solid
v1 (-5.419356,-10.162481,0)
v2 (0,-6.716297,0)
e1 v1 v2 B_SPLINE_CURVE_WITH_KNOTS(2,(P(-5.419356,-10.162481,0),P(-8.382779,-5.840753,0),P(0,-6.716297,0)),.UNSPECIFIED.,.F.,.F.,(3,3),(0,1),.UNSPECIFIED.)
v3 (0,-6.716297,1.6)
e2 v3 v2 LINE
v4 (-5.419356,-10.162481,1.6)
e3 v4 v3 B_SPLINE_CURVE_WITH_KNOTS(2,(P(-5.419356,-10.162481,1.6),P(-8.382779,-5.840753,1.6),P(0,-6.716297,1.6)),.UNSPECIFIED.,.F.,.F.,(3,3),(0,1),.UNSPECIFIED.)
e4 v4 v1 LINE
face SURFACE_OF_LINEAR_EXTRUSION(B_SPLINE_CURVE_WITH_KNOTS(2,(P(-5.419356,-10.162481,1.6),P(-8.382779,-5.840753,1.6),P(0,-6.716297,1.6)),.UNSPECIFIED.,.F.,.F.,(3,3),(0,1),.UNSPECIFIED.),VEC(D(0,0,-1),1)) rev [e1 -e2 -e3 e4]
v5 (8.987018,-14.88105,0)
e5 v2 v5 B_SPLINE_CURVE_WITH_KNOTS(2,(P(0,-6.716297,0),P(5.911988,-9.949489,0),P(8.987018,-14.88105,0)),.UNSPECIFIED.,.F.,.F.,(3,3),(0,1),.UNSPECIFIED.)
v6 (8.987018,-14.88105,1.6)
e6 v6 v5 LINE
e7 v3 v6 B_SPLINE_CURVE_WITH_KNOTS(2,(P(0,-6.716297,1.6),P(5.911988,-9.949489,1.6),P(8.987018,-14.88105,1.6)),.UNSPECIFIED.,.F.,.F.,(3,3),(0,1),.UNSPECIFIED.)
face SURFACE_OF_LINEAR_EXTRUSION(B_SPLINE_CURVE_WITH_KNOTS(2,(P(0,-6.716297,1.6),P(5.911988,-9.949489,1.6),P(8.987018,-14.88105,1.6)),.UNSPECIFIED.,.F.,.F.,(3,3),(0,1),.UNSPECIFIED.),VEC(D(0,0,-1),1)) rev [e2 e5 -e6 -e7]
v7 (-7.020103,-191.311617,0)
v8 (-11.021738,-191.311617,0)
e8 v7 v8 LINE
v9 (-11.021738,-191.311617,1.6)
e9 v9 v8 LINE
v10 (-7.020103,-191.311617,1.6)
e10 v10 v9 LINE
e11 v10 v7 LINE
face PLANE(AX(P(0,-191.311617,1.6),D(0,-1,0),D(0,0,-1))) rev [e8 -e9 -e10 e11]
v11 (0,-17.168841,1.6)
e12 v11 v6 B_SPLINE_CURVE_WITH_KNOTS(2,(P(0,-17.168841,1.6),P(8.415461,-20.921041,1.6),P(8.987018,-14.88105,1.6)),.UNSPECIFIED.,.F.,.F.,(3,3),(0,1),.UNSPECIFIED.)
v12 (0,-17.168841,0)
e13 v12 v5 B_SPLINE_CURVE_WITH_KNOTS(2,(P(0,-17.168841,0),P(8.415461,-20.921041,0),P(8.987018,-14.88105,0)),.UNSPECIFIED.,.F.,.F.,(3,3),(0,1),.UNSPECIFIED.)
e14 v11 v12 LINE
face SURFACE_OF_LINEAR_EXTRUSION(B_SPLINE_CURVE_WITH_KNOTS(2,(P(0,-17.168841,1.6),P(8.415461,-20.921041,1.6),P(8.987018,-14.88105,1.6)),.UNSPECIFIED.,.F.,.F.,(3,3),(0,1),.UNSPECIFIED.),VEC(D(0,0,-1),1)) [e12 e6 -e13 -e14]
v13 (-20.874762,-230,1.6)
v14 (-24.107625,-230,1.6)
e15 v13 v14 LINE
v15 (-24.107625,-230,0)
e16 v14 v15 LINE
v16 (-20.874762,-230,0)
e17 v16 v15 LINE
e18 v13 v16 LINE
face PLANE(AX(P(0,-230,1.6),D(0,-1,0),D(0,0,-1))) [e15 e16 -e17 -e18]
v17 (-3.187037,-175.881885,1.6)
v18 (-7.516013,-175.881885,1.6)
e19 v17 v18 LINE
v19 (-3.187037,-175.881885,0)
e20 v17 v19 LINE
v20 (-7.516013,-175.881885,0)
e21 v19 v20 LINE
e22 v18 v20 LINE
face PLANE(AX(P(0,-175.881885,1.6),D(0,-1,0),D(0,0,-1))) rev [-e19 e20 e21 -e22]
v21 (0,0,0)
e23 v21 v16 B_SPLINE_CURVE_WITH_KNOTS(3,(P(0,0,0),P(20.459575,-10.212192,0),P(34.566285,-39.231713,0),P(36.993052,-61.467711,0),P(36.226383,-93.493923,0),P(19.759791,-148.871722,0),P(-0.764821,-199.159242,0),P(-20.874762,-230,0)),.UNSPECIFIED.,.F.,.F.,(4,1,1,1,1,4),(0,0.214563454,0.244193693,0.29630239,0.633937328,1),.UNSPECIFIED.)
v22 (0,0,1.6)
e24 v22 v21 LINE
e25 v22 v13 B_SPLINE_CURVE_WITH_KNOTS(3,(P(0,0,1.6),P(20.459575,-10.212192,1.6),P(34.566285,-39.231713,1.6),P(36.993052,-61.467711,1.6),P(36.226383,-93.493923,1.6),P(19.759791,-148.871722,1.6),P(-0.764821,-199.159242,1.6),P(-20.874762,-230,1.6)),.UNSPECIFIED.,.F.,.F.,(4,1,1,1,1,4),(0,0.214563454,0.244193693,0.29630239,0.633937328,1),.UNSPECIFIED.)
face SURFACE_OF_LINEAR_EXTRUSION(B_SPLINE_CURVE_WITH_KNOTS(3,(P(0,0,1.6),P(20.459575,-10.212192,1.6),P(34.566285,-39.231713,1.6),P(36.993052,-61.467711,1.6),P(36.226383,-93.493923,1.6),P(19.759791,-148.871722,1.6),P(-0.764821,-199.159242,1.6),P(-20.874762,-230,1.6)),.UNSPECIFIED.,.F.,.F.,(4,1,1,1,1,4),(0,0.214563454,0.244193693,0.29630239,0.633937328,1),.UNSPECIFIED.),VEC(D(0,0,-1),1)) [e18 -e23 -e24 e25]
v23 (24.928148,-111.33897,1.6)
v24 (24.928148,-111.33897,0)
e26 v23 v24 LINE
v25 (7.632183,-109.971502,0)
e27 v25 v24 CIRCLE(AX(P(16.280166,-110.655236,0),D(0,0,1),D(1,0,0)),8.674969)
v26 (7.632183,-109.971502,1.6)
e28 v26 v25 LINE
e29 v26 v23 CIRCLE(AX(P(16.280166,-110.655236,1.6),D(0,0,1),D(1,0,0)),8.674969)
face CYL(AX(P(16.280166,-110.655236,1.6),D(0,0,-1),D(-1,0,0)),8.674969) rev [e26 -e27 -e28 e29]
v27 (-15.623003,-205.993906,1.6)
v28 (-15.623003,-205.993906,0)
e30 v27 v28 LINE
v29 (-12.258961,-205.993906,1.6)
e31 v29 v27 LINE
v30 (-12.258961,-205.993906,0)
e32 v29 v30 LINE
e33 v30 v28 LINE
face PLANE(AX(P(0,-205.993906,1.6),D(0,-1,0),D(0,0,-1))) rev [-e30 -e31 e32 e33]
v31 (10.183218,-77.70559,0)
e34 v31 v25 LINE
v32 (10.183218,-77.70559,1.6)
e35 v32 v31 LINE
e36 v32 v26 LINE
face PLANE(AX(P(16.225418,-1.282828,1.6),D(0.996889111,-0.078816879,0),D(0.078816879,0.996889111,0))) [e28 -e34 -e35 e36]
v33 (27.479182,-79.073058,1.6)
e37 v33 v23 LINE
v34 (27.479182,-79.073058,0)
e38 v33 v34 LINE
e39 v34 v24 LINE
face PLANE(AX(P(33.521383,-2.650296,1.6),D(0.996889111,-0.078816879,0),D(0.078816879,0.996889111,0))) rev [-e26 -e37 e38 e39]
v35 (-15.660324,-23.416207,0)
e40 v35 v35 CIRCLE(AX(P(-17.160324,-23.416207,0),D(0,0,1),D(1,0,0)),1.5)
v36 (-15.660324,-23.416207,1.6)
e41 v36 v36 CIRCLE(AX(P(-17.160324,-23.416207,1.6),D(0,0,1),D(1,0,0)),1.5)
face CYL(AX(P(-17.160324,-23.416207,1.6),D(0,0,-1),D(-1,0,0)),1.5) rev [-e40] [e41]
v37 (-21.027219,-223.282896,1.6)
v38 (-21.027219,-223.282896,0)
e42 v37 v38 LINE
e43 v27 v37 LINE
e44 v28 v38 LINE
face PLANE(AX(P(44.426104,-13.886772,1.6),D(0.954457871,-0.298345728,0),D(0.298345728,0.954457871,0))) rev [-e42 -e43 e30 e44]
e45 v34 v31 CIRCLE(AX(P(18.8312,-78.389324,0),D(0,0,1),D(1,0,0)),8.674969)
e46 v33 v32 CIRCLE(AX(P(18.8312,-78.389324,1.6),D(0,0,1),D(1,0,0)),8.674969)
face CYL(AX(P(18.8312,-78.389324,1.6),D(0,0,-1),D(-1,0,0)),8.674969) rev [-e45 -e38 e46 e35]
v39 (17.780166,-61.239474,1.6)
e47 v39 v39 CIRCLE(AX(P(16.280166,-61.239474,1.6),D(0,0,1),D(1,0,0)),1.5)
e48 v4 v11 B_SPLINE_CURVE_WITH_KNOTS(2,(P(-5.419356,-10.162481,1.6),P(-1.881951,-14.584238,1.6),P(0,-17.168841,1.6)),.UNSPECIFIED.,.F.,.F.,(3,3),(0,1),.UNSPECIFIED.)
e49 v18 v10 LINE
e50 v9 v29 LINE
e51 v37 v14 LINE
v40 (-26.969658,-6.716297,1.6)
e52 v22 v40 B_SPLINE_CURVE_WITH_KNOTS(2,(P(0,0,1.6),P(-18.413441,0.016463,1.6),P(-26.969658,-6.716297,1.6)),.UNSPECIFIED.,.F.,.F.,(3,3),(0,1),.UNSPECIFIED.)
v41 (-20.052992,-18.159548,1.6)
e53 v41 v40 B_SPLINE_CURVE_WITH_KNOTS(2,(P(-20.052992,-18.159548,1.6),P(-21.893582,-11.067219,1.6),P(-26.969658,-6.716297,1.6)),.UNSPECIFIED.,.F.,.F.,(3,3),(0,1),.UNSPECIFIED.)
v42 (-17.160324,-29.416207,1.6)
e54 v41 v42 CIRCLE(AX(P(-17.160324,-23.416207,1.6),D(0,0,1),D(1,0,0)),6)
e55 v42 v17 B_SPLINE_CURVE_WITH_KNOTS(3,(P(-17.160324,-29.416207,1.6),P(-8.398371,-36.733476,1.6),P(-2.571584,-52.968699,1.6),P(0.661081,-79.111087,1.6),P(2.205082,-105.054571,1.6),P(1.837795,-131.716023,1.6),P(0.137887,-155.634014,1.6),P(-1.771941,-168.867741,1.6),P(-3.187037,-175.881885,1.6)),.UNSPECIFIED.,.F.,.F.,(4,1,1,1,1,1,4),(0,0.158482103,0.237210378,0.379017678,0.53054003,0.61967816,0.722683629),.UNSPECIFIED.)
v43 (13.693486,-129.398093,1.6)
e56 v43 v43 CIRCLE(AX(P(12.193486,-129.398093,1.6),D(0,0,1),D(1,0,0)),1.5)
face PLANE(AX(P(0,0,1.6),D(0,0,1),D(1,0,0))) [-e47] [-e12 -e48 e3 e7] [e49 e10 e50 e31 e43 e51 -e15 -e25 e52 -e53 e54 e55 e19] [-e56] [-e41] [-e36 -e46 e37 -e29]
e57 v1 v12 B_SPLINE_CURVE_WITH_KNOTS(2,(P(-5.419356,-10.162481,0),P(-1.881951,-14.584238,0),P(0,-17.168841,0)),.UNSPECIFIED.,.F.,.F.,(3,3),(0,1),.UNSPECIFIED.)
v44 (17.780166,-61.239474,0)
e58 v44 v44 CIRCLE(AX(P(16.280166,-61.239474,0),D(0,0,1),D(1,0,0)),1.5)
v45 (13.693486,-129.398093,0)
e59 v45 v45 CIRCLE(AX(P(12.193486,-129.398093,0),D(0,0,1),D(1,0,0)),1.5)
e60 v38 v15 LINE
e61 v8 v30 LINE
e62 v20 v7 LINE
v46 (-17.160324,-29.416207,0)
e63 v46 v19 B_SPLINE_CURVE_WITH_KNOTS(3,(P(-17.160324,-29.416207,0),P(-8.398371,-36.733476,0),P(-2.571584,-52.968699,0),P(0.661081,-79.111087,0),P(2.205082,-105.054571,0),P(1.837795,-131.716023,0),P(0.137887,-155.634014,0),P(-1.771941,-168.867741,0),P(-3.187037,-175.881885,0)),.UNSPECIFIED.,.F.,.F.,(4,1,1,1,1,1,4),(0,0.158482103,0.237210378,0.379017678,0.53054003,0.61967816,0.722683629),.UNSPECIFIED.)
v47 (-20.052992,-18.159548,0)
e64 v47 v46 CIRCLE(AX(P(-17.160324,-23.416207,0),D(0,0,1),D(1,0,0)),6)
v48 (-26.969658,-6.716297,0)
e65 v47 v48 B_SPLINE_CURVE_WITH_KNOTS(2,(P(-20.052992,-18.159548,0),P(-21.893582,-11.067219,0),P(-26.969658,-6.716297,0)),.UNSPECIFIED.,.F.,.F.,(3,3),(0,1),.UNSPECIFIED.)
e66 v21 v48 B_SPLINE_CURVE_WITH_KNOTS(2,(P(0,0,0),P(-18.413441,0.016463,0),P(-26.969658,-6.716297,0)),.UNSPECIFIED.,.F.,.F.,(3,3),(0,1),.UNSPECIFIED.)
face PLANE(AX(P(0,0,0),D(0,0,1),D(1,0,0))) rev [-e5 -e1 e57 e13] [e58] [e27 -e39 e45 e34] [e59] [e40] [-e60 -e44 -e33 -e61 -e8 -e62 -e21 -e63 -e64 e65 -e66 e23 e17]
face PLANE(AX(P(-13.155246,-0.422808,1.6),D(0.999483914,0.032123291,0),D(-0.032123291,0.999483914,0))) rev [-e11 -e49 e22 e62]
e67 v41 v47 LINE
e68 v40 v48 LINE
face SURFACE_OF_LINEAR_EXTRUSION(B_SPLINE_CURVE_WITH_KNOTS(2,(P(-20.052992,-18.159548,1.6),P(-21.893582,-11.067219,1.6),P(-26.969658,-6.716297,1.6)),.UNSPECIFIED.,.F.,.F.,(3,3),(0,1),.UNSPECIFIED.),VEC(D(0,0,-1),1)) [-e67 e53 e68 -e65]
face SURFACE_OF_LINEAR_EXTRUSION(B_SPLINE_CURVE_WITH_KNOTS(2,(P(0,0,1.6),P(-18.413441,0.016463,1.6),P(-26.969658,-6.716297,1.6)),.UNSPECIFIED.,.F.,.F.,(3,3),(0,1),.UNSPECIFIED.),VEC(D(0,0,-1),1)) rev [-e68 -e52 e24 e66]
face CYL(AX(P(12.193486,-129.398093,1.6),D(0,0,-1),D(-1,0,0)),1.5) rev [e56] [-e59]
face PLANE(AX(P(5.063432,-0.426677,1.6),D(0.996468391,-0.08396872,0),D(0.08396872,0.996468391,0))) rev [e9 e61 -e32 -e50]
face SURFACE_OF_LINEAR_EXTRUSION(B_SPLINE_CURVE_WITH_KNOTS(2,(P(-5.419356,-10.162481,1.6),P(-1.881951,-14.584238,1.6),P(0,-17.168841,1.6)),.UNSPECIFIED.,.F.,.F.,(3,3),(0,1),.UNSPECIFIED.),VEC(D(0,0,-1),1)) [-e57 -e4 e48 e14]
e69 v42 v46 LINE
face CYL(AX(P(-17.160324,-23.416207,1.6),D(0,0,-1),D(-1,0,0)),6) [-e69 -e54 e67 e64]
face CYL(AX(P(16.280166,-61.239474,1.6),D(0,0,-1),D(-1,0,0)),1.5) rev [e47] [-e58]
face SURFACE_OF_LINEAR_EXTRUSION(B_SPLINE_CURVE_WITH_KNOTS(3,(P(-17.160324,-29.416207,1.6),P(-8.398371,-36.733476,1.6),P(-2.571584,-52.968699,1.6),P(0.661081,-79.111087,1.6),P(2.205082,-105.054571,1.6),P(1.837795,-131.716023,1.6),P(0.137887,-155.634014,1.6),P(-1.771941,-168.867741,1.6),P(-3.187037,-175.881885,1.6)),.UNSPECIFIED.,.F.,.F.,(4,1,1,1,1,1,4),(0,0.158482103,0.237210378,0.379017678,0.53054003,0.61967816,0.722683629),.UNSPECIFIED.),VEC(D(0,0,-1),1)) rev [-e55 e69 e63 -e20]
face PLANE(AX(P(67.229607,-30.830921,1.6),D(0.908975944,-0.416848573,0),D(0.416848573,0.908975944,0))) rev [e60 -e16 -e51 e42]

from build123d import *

# Parameters (mm, degrees)
SKETCH1_R           = 1.5
BOSS_EXTRUDE1_DEPTH = 1.6


with BuildPart() as part:
    # Sketch1 → Boss-Extrude1 (new body)
    with BuildSketch(Plane.XY):
        with BuildLine():
            Line((-20.874762199, -230), (-24.107625058, -230))
            Line((-24.107625058, -230), (-21.027218593, -223.282895617))
            Line((-21.027218593, -223.282895617), (-15.623003046, -205.993906437))
            Line((-15.623003046, -205.993906437), (-12.258960606, -205.993906437))
            Line((-12.258960606, -205.993906437), (-11.02173816, -191.31161689))
            Line((-11.02173816, -191.31161689), (-7.020102822, -191.31161689))
            Line((-7.020102822, -191.31161689), (-7.516012532, -175.88188489))
            Line((-7.516012532, -175.88188489), (-3.18703669, -175.88188489))
            add(Edge.make_bspline(
                [(-17.160324035, -29.416207169), (-8.398371011, -36.733475706), (-2.571584268, -52.968698778), (0.661081287, -79.111086987), (2.205082084, -105.054570559), (1.837795255, -131.716022715), (0.137887281, -155.634013966), (-1.771940833, -168.867741352), (-3.18703669, -175.88188489)],
                knots=[0, 0, 0, 0, 0.158482103, 0.237210378, 0.379017678, 0.53054003, 0.61967816, 0.722683629, 0.722683629, 0.722683629, 0.722683629], degree=3))
            ThreePointArc((-17.160324035, -29.416207169), (-22.971518283, -24.909532791), (-20.052992456, -18.15954764))
            add(Edge.make_bspline(
                [(-20.052992456, -18.15954764), (-21.89358239, -11.067218771), (-26.969657726, -6.716297054)],
                knots=[0, 0, 0, 1, 1, 1], degree=2))
            add(Edge.make_bspline(
                [(0, 0), (-18.413441466, 0.016463282), (-26.969657726, -6.716297054)],
                knots=[0, 0, 0, 1, 1, 1], degree=2))
            add(Edge.make_bspline(
                [(0, 0), (20.459575306, -10.212191847), (34.566285194, -39.231713158), (36.993052452, -61.467711483), (36.226383018, -93.493922569), (19.759790723, -148.8717222), (-0.764820519, -199.159242317), (-20.874762199, -230)],
                knots=[0, 0, 0, 0, 0.214563454, 0.244193693, 0.29630239, 0.633937328, 1, 1, 1, 1], degree=3))
        make_face()
        with Locations((-17.160324035, -23.416207169)):
            Circle(SKETCH1_R, mode=Mode.SUBTRACT)
        with Locations((16.280165713, -61.239474093)):
            Circle(SKETCH1_R, mode=Mode.SUBTRACT)
        with Locations((12.19348553, -129.398093126)):
            Circle(SKETCH1_R, mode=Mode.SUBTRACT)
        with BuildLine():
            Line((27.479182403, -79.073058371), (24.928147951, -111.338970141))
            ThreePointArc((24.928147951, -111.338970141), (15.596431722, -119.303218388), (7.632183475, -109.971502159))
            Line((7.632183475, -109.971502159), (10.183217928, -77.705590388))
            ThreePointArc((10.183217928, -77.705590388), (19.514934157, -69.741342142), (27.479182403, -79.073058371))
        make_face(mode=Mode.SUBTRACT)
        with BuildLine():
            add(Edge.make_bspline(
                [(0, -6.716297054), (5.911988438, -9.949488907), (8.987018452, -14.881049849)],
                knots=[0, 0, 0, 1, 1, 1], degree=2))
            add(Edge.make_bspline(
                [(0, -17.168840712), (8.415460642, -20.921041323), (8.987018452, -14.881049849)],
                knots=[0, 0, 0, 1, 1, 1], degree=2))
            add(Edge.make_bspline(
                [(-5.419356096, -10.162481193), (-1.881950972, -14.584237599), (0, -17.168840712)],
                knots=[0, 0, 0, 1, 1, 1], degree=2))
            add(Edge.make_bspline(
                [(-5.419356096, -10.162481193), (-8.382778562, -5.840753091), (0, -6.716297054)],
                knots=[0, 0, 0, 1, 1, 1], degree=2))
        make_face(mode=Mode.SUBTRACT)
    extrude(amount=BOSS_EXTRUDE1_DEPTH)


solid = part.part
